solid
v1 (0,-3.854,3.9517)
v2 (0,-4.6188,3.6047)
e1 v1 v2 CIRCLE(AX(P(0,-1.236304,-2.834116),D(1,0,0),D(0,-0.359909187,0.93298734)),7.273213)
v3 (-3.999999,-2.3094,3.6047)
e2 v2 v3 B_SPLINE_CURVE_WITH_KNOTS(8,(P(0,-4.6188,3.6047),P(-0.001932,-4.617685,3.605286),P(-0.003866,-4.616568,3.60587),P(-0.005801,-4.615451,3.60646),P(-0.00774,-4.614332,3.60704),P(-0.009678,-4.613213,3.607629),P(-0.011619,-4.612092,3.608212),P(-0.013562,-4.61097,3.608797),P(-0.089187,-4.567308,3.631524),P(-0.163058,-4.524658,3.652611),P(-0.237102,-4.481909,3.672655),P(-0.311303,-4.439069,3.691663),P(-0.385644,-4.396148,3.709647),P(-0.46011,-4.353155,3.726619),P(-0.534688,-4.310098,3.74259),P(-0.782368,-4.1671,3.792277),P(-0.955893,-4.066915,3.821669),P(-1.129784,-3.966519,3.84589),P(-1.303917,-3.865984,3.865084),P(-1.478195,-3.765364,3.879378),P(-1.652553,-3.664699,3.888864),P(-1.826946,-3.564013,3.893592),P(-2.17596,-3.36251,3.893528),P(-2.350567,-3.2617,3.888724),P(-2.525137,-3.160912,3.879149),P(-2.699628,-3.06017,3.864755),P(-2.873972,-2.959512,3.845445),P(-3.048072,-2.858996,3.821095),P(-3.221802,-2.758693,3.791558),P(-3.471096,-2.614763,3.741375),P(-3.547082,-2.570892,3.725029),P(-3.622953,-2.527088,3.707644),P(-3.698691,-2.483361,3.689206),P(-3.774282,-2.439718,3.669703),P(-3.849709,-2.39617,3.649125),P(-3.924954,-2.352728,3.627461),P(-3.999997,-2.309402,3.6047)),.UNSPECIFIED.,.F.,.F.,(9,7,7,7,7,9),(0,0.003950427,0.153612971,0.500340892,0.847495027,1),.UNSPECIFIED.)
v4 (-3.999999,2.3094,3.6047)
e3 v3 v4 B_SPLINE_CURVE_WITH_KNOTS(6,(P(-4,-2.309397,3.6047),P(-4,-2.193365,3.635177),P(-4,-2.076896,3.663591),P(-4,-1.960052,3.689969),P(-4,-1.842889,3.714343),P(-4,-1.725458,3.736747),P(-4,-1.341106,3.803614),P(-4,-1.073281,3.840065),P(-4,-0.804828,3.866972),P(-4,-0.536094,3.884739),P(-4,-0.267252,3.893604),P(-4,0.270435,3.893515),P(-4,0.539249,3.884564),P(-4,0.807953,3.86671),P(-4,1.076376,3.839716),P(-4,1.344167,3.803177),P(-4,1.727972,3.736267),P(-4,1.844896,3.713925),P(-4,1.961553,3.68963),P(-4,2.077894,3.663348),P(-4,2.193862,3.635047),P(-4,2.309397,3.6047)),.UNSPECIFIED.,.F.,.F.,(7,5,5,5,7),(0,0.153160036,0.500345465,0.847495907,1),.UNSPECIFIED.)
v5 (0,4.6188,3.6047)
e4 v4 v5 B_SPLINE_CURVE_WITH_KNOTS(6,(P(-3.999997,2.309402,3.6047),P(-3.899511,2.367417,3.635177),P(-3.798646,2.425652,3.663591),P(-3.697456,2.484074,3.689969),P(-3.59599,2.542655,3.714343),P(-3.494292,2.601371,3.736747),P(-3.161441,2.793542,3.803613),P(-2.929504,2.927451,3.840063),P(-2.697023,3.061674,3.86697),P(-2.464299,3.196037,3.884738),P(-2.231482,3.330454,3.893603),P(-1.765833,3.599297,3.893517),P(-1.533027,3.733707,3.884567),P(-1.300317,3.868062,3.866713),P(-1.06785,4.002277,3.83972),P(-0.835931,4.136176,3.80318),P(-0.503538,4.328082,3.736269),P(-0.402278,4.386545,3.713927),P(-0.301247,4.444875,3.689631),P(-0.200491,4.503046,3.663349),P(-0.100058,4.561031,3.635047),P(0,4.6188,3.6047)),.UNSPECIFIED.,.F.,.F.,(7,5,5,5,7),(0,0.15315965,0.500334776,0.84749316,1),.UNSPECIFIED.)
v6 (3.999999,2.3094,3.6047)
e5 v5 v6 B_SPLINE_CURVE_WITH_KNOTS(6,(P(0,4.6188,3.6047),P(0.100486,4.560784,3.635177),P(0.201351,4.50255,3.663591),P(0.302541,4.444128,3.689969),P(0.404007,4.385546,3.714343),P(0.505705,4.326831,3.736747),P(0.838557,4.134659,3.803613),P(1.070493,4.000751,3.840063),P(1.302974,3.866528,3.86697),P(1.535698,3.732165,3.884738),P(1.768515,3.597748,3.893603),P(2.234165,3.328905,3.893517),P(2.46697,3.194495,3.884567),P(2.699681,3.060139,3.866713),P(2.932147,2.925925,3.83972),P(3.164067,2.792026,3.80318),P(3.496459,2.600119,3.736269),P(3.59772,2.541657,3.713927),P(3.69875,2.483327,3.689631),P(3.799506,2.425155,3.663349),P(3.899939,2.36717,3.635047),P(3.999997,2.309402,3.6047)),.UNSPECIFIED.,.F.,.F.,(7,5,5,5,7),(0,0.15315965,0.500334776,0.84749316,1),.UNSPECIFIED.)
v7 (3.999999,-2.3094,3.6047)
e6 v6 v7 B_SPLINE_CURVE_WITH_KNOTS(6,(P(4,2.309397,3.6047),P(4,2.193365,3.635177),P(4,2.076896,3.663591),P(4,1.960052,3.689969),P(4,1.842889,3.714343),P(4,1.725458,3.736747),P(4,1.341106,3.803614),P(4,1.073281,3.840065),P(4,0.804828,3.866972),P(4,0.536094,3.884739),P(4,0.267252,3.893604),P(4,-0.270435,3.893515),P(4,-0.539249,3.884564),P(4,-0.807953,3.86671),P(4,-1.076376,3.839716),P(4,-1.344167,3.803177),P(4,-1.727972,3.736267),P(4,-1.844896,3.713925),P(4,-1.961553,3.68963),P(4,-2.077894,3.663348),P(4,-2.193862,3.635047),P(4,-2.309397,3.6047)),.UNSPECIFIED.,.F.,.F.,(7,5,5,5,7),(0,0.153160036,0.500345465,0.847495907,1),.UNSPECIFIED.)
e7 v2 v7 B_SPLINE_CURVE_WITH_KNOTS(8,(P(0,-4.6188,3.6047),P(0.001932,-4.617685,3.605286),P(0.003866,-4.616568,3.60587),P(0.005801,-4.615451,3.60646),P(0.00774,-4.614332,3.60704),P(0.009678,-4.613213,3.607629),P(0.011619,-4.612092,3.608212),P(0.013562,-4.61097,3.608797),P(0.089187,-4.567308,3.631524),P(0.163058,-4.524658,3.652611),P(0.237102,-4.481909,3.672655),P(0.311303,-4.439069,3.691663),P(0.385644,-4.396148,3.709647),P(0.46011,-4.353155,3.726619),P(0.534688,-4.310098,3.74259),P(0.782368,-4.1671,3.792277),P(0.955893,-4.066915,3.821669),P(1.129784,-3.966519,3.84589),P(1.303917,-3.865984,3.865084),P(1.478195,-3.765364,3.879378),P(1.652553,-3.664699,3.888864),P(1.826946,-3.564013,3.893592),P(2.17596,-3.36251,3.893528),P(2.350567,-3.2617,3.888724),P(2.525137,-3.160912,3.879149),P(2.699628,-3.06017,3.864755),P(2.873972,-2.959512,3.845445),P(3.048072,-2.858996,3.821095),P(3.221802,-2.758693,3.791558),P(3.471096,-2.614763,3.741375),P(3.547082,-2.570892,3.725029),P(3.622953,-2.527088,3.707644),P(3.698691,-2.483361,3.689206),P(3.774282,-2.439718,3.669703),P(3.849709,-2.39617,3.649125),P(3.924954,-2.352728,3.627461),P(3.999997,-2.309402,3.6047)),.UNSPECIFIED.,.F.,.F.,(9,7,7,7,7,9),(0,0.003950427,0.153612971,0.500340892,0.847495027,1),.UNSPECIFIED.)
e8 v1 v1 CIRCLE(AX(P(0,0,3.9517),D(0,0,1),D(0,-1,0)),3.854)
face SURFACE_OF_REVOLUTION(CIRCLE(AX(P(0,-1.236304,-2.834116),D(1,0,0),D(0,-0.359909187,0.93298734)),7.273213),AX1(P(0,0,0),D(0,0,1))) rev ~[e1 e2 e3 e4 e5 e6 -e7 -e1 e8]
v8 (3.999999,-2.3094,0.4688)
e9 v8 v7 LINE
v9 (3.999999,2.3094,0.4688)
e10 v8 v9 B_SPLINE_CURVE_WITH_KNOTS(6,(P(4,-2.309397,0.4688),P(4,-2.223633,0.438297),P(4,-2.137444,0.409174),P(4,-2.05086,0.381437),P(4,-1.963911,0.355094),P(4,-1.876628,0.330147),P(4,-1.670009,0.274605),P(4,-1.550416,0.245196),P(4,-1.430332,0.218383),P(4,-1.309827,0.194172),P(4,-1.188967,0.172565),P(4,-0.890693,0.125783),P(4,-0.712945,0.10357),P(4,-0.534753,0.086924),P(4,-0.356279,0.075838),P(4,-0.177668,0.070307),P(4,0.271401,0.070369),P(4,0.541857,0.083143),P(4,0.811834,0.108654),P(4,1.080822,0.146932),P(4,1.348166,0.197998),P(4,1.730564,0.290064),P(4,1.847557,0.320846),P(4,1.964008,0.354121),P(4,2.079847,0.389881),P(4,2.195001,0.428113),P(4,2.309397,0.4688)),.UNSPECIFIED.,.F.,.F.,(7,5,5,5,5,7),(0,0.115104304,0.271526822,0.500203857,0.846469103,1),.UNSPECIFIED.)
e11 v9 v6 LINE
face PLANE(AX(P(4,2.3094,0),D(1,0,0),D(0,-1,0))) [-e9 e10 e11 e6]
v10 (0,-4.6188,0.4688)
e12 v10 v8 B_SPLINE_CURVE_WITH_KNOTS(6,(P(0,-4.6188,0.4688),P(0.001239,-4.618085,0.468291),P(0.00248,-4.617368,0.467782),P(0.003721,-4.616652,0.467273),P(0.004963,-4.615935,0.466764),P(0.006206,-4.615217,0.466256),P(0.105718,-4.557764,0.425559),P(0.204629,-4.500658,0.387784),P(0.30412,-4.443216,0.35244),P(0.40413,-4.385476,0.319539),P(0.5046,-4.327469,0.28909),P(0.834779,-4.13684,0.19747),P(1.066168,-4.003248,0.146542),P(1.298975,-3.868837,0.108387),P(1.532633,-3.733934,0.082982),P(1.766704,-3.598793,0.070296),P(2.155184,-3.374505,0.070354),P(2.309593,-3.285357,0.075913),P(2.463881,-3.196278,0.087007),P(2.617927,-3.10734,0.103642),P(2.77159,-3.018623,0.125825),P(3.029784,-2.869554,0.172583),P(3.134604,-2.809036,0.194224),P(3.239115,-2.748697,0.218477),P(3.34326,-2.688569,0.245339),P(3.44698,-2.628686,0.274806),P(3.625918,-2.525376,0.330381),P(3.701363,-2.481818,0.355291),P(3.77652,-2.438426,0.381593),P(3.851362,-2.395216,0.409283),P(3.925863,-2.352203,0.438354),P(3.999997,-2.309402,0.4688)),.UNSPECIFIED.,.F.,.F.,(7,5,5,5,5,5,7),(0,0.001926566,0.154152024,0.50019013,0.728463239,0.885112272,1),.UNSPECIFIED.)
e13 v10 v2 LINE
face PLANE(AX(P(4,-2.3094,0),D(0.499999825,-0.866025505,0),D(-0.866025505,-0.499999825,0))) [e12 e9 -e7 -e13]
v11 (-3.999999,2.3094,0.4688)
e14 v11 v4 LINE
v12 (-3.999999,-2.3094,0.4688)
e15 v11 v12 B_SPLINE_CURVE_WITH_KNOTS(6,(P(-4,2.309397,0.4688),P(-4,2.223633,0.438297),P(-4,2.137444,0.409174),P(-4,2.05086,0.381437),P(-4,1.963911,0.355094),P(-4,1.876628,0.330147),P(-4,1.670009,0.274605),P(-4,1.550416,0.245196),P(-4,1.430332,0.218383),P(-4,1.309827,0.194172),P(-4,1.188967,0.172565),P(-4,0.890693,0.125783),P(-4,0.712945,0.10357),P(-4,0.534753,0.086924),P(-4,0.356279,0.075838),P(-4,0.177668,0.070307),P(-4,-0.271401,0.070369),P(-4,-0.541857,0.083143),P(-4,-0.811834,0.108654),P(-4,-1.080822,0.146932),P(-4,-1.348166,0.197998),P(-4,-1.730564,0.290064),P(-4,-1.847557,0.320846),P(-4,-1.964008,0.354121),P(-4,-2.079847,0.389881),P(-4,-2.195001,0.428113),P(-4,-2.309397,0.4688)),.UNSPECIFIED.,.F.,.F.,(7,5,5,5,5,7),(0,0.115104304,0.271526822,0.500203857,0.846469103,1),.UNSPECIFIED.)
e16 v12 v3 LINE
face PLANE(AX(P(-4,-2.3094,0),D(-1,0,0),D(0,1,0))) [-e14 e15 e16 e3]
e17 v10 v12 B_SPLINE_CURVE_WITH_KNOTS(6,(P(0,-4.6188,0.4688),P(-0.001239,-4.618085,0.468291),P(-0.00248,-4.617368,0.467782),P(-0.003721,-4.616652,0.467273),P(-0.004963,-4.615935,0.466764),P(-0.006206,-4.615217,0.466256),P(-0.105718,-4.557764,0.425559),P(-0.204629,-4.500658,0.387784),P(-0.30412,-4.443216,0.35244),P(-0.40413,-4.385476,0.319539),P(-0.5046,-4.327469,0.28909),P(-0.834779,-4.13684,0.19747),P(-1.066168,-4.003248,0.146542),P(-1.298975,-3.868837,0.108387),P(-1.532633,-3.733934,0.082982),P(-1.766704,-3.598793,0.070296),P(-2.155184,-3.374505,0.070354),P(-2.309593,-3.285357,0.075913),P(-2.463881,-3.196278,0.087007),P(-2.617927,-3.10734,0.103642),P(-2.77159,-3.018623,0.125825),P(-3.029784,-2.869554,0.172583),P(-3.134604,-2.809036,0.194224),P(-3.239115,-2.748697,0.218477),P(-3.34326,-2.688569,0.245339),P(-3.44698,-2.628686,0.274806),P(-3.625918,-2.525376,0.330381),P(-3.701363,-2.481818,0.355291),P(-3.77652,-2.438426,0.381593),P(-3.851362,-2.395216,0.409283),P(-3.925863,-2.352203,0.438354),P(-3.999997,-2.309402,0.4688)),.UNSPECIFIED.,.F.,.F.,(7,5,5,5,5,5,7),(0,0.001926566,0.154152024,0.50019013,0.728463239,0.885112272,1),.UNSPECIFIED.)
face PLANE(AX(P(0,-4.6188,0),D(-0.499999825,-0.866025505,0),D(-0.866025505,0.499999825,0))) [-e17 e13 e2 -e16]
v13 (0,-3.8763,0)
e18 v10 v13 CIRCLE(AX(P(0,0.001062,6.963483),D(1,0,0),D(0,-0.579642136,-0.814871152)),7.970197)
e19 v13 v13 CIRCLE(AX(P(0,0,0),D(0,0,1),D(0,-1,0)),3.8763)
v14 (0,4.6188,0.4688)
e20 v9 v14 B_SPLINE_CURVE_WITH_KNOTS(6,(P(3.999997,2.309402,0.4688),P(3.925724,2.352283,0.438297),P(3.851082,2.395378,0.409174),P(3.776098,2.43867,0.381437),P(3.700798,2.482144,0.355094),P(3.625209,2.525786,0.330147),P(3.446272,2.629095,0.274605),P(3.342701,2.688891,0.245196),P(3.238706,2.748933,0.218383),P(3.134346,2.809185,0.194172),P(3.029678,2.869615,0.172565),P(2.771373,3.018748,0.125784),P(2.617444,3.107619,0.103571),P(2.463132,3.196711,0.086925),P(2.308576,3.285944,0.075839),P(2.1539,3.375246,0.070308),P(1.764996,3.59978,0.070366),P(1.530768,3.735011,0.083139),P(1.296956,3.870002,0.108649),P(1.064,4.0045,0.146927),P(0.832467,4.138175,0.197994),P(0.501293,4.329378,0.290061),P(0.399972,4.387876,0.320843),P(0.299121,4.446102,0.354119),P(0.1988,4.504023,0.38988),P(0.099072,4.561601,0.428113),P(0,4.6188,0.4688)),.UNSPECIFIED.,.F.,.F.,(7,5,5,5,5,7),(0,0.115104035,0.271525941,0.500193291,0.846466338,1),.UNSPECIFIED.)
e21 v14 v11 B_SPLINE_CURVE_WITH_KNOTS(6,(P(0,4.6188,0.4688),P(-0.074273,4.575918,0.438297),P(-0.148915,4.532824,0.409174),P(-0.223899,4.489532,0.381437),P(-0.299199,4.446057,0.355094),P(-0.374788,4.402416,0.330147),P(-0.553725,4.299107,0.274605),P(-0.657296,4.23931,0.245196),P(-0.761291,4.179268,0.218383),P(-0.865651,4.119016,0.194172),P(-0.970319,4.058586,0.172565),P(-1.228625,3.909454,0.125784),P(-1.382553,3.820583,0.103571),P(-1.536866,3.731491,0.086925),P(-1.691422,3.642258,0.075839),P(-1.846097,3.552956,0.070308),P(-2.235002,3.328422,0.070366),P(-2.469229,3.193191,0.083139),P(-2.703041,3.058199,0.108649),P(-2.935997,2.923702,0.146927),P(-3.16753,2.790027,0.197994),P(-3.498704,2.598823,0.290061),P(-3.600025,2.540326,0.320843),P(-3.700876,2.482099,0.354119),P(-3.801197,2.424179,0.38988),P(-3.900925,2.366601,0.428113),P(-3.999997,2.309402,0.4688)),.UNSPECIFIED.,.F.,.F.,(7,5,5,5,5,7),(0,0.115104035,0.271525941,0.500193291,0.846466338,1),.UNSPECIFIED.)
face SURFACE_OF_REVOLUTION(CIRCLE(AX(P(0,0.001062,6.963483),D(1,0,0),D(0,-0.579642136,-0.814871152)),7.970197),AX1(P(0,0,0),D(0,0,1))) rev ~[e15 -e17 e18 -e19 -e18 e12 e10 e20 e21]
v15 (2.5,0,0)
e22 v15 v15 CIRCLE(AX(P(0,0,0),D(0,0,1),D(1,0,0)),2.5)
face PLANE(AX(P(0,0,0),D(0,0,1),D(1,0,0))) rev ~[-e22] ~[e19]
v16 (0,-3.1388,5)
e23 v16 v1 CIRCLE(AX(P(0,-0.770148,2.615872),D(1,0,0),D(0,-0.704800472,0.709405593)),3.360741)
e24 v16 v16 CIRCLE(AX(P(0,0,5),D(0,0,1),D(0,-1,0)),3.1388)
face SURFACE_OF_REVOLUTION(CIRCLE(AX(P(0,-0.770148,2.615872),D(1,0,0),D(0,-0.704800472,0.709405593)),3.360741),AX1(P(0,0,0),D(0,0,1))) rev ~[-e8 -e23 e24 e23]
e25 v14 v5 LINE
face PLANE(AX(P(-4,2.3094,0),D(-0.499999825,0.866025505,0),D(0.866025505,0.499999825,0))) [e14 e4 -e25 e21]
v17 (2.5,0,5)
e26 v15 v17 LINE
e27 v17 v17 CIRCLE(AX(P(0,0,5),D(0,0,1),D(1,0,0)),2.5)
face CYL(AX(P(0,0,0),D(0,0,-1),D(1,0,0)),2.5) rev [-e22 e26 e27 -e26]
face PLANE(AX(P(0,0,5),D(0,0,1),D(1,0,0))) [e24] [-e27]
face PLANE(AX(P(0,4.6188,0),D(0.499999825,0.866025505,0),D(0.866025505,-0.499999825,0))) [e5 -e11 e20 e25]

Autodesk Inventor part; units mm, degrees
ref_plane "YZ Plane" through (0, 0, 0) normal (1, 0, 0) x (0, 1, 0)
ref_plane "XZ Plane" through (0, 0, 0) normal (0, 1, 0) x (-1, 0, 0)
ref_plane "XY Plane" through (0, 0, 0) normal (0, 0, 1) x (1, 0, 0)
sketch "Sketch1" plane through (0, 0, 0) normal (0, 0, 1) x (1, 0, 0)
  line L0 (4, -2.3094) -> (0, -4.6188)
  line L1 (0, -4.6188) -> (-4, -2.3094)
  line L2 (-4, -2.3094) -> (-4, 2.3094)
  line L3 (-4, 2.3094) -> (0, 4.6188)
  line L4 (0, 4.6188) -> (4, 2.3094)
  line L5 (4, 2.3094) -> (4, -2.3094)
  circle A0 centre (0, 0) radius 2.5
  dimension "d0" = 8
  dimension "d1" = 5
extrude "Extrusion1" add sketch "Sketch1" along normal blind 5
sketch "Sketch4" plane through (0, 0, 0) normal (1, 0, 0) x (0, 1, 0)
  line L0 (-4.6188, 0) -> (-2.3094, 0) projected
  line L1 (-4.6188, 0) -> (-4.6188, 5) projected
  line L2 (-2.3094, 5) -> (-4.6188, 5) projected
  line L3 (-2.3094, 0) -> (-2.3094, 5) projected
  line L4 (2.3094, 0) -> (4.6188, 0) projected
  line L5 (2.3094, 0) -> (2.3094, 5) projected
  line L6 (4.6188, 5) -> (2.3094, 5) projected
  line L7 (4.6188, 0) -> (4.6188, 5) projected
  arc A0 (-3.1388, 5) -> (-3.854, 3.9517) centre (-0.7691, 2.615) ccw
  arc A1 (-3.854, 3.9517) -> (-4.6188, 3.6047) centre (-1.2465, -2.8098) ccw
  line L8 (0, 0) -> (0, 9.301) construction
  arc A2 (3.7221, 0) -> (4.6188, 0.5597) centre (0, 6.9619) ccw
  arc A3 (-4.6188, 0.4688) -> (-3.8763, 0) centre (0, 6.9619) ccw
revolve "Revolution3" cut sketch "Sketch4" angle 360 about axis through (0, 0, 0) along (0, 0, 1) contours L1 A3 L0 | L1 L2 A0 A1
thread "Thread1" size "M5x0.8" class "6H" standard "ANSI Metric M Profile" full length
properties part number "M5 Nylock"
